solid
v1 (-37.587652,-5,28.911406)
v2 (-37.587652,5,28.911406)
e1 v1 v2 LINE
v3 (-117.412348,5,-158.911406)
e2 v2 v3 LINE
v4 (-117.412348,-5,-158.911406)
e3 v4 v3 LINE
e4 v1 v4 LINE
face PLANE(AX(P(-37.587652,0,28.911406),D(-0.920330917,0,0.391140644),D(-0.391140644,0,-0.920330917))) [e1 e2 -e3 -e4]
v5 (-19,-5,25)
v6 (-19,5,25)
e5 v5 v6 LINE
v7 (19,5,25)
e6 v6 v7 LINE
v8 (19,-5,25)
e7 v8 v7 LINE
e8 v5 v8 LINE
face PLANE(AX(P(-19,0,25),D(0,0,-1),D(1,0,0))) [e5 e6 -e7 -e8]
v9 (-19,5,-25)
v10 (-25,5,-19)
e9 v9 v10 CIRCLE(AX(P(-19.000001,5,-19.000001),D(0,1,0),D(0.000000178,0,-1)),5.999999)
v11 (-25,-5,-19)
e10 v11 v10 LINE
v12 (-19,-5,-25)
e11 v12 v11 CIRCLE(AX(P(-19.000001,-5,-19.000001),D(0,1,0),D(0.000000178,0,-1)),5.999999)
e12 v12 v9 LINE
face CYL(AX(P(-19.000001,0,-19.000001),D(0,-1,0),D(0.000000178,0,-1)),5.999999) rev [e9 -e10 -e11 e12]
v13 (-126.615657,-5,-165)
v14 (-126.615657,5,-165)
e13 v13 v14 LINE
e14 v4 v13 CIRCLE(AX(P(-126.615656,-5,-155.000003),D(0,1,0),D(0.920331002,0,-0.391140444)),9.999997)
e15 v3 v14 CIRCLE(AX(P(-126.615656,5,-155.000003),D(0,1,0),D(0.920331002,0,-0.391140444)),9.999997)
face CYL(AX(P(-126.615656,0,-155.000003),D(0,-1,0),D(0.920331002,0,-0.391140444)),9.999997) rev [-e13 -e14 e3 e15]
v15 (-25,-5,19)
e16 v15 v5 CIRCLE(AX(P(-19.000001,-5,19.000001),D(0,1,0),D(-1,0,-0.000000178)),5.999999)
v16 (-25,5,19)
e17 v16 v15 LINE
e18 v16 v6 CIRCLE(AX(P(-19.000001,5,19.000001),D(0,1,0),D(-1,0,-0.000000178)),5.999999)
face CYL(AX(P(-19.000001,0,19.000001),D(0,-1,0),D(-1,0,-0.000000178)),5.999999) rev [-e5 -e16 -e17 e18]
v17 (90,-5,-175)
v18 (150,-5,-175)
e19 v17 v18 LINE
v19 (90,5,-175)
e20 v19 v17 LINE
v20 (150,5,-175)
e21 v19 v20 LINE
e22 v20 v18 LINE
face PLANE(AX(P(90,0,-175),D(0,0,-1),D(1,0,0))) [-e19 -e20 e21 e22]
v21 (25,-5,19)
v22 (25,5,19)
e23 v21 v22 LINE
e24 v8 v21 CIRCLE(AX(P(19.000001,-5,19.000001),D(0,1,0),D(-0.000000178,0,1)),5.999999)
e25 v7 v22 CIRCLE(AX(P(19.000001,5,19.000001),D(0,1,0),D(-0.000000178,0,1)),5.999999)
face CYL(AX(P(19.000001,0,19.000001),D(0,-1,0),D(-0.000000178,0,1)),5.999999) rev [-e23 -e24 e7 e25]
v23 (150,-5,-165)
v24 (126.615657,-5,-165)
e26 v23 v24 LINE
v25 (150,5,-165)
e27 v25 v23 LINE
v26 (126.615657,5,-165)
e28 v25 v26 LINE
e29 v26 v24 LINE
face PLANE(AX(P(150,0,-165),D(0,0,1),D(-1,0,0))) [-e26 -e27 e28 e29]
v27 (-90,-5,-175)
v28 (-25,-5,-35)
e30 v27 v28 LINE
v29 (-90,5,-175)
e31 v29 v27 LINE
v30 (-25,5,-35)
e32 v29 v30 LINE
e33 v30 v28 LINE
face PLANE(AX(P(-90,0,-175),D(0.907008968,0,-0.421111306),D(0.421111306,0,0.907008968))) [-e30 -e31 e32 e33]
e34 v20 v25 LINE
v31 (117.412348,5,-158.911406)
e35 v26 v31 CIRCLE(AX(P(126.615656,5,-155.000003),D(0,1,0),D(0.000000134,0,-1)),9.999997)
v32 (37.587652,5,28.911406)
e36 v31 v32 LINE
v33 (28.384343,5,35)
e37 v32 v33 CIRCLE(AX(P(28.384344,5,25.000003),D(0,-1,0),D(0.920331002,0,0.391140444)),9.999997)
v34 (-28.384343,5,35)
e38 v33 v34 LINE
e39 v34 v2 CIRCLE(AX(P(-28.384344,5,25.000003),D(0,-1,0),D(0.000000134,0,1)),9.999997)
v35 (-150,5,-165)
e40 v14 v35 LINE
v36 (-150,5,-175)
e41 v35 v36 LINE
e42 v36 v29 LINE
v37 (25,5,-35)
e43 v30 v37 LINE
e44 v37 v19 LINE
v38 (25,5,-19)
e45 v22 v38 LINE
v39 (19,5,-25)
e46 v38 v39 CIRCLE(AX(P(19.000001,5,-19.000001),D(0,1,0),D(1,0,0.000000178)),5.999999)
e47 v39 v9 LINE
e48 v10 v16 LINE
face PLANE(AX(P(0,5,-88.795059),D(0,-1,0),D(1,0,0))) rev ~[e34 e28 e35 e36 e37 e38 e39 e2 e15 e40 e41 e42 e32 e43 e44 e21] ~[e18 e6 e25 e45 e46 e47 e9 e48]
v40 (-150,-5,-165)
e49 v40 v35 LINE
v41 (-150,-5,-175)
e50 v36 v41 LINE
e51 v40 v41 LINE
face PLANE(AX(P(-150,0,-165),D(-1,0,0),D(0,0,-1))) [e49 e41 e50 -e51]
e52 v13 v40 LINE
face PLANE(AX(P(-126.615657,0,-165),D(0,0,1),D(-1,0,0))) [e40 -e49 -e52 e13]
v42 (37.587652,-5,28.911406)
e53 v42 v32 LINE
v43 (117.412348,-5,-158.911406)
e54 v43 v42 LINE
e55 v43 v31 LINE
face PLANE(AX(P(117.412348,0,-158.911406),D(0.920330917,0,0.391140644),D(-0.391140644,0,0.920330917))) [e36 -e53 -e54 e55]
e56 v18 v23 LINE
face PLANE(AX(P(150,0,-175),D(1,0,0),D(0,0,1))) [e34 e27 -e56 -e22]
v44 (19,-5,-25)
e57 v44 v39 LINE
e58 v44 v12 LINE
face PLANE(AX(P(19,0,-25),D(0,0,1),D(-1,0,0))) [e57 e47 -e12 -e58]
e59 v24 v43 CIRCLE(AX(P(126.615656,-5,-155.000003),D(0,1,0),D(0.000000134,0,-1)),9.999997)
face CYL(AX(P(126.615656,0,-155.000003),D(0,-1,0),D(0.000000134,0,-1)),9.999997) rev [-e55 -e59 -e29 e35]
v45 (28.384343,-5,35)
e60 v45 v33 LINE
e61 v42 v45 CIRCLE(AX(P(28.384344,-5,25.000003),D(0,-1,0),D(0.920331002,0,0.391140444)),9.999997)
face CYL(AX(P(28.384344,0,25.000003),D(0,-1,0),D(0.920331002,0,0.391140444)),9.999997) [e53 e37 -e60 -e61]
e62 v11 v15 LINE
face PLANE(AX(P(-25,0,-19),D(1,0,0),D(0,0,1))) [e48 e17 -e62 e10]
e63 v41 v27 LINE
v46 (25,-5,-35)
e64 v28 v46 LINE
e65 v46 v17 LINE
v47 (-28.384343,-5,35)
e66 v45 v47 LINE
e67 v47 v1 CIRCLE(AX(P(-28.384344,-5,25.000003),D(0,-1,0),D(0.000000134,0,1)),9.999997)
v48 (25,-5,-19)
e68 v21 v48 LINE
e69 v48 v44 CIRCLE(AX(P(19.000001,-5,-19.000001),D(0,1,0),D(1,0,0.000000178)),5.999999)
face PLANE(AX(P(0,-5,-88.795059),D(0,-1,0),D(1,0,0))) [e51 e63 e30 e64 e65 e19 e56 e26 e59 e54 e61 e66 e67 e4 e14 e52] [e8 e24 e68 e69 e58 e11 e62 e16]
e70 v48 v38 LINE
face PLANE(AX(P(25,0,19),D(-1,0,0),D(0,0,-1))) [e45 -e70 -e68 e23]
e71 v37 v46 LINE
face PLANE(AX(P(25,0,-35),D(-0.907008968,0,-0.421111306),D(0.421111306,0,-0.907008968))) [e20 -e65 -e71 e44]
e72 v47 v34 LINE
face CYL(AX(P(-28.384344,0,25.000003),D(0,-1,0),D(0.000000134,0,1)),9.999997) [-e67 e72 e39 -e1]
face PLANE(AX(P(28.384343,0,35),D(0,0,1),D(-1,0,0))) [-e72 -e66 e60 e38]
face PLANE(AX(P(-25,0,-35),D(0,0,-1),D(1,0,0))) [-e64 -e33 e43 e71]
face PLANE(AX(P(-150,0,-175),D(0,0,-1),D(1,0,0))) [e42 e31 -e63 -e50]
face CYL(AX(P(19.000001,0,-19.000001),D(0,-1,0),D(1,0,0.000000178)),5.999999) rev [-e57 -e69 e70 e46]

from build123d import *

# Parameters (mm, degrees)
F1_DEPTH = 5


with BuildPart() as f1:
    # F0 (on Front) → F1 (new body, symmetric)
    with BuildSketch(Plane.XZ):
        with BuildLine():
            Line((-150, -165), (-150, -175))
            Line((-150, -175), (-90, -175))
            Line((-90, -175), (-25, -35))
            Line((-25, -35), (25, -35))
            Line((25, -35), (90, -175))
            Line((90, -175), (150, -175))
            Line((150, -175), (150, -165))
            Line((150, -165), (126.615657, -165))
            ThreePointArc((126.615657, -165), (121.098142, -163.340086), (117.412348, -158.911406))
            Line((117.412348, -158.911406), (37.587652, 28.911406))
            ThreePointArc((37.587652, 28.911406), (33.901858, 33.340086), (28.384343, 35))
            Line((28.384343, 35), (-28.384343, 35))
            ThreePointArc((-28.384343, 35), (-33.901858, 33.340086), (-37.587652, 28.911406))
            Line((-37.587652, 28.911406), (-117.412348, -158.911406))
            ThreePointArc((-117.412348, -158.911406), (-121.098142, -163.340086), (-126.615657, -165))
            Line((-126.615657, -165), (-150, -165))
        make_face()
        with BuildLine():
            ThreePointArc((-25, 19), (-23.242641, 23.242641), (-19, 25))
            Line((-19, 25), (19, 25))
            ThreePointArc((19, 25), (23.242641, 23.242641), (25, 19))
            Line((25, 19), (25, -19))
            ThreePointArc((25, -19), (23.242641, -23.242641), (19, -25))
            Line((19, -25), (-19, -25))
            ThreePointArc((-19, -25), (-23.242641, -23.242641), (-25, -19))
            Line((-25, -19), (-25, 19))
        make_face(mode=Mode.SUBTRACT)
    extrude(amount=F1_DEPTH, both=True)


solid = f1.part
